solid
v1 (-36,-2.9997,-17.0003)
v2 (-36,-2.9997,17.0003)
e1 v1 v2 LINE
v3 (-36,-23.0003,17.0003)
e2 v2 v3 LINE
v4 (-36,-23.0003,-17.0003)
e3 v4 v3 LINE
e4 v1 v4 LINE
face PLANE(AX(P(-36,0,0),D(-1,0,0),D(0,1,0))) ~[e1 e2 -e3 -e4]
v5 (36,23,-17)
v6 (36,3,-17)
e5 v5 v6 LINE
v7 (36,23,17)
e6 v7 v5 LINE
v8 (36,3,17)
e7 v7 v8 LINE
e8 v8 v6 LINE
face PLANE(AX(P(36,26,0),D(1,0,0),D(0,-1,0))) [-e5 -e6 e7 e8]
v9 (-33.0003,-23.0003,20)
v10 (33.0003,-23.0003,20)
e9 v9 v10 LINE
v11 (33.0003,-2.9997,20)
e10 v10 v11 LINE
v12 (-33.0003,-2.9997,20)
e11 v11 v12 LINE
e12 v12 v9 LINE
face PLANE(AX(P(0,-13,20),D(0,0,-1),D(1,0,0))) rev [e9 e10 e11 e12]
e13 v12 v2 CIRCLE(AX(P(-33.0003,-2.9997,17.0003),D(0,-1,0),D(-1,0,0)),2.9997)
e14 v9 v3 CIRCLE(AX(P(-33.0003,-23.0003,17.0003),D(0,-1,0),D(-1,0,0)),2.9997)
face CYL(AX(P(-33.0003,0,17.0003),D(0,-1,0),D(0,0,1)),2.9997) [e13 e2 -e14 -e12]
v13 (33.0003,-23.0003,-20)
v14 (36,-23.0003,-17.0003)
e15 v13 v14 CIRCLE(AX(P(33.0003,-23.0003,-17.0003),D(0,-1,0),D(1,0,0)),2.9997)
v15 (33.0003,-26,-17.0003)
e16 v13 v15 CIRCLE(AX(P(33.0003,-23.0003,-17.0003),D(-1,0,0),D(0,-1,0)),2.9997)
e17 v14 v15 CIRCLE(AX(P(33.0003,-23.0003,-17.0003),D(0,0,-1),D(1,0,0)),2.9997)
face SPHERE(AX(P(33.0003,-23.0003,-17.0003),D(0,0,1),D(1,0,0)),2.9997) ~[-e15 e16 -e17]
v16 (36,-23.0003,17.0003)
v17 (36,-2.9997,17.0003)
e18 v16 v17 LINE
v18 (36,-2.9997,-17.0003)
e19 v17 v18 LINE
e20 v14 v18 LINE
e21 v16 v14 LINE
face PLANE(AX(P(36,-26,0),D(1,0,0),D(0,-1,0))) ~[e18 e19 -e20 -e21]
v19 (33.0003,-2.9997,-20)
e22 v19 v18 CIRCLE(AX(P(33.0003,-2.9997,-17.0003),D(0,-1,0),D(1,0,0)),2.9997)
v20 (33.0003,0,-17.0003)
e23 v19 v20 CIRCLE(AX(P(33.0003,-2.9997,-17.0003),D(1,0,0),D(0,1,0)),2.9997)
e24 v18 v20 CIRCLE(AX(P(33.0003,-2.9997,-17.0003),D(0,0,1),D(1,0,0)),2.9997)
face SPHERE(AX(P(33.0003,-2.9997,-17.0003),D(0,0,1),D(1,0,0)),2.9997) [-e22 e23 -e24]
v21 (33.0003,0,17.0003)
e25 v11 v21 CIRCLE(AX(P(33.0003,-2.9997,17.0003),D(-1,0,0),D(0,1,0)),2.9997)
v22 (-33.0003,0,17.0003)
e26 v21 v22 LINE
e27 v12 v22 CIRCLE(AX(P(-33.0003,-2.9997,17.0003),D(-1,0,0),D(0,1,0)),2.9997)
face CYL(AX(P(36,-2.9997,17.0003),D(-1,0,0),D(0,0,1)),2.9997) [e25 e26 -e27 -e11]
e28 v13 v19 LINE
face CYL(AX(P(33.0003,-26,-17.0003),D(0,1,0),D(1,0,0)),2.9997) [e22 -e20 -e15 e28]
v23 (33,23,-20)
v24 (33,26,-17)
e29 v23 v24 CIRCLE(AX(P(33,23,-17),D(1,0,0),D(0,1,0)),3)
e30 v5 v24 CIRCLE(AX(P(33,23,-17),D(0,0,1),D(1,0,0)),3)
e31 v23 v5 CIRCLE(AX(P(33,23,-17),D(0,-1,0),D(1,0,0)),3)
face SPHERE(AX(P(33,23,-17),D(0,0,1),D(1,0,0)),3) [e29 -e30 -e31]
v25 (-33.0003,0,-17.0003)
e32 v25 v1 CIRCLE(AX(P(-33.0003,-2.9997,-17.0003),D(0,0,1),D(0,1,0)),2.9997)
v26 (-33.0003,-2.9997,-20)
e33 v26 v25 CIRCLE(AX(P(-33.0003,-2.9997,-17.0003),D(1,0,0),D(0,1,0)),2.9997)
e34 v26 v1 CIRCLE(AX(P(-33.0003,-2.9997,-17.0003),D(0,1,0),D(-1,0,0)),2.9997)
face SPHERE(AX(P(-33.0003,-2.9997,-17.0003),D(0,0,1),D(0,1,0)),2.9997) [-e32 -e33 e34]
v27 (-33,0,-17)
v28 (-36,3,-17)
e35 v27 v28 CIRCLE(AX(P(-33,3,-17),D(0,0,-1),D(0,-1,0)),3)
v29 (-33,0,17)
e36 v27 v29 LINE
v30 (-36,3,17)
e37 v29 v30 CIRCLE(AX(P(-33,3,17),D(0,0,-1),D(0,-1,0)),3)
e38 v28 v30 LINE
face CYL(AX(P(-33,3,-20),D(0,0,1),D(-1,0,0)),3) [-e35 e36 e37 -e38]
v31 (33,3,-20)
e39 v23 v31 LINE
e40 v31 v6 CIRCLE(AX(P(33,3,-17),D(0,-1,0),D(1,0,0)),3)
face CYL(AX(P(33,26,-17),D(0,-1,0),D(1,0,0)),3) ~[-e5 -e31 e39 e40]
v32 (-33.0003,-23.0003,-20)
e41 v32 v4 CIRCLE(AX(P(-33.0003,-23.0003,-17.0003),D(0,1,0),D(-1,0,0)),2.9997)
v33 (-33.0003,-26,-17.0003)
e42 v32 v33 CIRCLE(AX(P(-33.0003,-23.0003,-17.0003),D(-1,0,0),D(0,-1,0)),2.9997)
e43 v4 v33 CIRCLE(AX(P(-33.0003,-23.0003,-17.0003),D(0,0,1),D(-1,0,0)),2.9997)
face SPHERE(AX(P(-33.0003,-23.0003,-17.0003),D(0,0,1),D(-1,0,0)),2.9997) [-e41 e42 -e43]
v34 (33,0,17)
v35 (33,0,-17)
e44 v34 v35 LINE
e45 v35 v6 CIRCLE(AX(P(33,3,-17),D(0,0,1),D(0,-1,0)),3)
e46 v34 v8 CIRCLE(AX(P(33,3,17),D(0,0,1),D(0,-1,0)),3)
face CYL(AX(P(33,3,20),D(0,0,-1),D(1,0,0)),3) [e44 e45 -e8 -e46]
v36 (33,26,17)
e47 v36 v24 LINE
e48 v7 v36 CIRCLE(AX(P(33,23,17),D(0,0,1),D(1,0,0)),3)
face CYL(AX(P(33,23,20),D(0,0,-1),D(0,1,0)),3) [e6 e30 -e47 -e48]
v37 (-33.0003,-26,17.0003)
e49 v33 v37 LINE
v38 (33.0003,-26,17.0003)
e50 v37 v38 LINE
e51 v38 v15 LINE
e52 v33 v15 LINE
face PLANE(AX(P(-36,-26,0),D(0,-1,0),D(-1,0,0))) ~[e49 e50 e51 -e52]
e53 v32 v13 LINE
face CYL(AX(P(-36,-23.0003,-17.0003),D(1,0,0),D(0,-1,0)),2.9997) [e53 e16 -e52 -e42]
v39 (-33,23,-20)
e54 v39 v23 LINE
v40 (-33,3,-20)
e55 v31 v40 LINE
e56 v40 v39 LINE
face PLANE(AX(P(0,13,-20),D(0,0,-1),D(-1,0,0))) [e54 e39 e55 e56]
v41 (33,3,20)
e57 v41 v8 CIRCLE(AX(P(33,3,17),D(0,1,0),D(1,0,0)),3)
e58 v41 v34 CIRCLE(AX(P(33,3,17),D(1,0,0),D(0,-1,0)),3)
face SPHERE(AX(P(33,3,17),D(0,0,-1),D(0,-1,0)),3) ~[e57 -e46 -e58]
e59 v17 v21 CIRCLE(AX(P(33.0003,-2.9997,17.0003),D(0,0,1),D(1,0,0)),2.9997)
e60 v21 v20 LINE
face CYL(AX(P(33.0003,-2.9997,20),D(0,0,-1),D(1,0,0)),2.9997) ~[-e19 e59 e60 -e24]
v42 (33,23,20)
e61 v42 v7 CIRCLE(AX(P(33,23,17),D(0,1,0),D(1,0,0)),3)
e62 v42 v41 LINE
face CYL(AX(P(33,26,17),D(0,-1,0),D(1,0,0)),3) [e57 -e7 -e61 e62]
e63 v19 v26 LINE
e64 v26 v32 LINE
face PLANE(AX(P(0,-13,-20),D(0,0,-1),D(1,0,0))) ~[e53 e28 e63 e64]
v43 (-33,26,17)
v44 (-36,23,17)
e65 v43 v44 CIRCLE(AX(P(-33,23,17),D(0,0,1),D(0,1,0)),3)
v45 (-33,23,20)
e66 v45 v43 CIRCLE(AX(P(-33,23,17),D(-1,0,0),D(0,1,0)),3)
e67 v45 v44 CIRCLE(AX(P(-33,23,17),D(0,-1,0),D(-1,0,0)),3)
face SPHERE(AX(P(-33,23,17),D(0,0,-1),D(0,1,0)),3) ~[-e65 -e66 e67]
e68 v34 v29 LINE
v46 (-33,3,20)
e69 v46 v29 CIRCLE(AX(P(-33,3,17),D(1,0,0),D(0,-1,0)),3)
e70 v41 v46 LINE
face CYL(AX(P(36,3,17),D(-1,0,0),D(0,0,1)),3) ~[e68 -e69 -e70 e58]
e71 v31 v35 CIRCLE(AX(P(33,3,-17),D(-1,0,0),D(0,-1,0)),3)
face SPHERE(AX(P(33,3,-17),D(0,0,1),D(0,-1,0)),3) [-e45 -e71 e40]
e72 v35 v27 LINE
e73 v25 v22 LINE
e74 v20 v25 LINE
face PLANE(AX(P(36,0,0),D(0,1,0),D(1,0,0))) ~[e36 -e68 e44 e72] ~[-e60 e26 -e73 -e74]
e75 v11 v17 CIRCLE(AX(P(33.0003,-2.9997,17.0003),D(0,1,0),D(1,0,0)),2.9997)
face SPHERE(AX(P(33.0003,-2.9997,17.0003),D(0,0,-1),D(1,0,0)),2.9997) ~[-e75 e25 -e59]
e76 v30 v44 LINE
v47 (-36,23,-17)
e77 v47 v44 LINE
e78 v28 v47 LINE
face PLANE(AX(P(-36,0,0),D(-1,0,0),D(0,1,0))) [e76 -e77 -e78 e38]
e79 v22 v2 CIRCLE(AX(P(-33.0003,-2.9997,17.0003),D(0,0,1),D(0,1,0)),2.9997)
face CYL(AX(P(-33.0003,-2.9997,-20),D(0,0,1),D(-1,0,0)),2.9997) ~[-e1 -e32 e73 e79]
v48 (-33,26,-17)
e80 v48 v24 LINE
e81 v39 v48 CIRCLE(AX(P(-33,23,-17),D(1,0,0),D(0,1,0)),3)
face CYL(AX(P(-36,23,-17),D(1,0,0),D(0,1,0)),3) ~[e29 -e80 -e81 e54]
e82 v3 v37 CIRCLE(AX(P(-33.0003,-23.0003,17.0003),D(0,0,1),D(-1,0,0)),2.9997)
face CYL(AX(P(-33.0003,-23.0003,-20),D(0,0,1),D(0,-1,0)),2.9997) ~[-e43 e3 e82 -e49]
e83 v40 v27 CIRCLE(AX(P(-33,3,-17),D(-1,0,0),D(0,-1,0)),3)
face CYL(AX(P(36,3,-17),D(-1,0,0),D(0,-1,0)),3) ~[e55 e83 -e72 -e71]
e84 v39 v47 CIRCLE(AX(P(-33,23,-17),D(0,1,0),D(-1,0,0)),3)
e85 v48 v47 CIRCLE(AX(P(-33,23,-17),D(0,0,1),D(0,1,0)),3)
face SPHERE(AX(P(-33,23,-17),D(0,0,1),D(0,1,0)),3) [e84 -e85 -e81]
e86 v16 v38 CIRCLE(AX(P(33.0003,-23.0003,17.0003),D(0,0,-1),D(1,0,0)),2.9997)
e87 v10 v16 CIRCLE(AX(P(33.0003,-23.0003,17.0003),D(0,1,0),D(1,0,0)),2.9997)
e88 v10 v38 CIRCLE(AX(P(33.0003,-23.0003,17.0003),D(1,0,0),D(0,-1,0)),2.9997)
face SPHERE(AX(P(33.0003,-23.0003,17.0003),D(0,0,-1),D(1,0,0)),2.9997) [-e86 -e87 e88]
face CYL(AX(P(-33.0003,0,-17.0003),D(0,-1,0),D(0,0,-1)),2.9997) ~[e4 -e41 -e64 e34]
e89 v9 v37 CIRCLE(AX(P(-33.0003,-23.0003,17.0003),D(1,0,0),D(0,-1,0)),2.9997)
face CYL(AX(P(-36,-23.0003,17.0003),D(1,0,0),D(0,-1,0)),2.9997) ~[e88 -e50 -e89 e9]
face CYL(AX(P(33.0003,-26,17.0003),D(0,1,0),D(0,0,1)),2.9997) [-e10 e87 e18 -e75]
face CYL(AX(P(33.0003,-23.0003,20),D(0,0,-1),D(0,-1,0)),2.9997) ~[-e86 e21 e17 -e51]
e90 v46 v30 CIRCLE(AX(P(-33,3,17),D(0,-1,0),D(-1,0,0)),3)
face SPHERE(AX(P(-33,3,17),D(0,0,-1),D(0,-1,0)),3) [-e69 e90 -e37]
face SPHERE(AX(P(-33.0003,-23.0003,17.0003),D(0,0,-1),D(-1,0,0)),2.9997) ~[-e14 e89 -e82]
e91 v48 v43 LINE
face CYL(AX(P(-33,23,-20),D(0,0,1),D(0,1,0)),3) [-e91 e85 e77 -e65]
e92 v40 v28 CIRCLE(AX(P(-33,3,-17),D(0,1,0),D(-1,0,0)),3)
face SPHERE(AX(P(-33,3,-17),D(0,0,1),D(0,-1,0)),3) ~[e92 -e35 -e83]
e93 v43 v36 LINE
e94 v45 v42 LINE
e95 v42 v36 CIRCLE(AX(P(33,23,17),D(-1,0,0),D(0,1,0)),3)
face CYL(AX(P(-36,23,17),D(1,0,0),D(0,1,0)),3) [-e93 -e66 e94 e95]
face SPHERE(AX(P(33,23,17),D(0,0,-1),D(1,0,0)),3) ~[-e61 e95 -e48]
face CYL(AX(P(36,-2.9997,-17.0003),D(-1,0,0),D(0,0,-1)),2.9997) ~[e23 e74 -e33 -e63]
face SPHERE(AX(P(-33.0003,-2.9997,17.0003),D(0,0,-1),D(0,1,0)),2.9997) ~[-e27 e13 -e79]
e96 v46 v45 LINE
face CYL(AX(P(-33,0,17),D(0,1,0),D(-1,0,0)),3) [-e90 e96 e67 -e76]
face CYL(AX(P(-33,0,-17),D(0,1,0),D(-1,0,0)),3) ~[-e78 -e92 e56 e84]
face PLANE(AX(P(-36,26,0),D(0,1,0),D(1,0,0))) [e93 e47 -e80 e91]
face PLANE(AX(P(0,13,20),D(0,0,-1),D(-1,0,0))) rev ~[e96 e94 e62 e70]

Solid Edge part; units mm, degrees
sketch "Sketch1" plane through (0, 0, 0) normal (0, 0, 1) x (1, 0, 0)
  line L0 (-36, 26) -> (36, 26)
  line L1 (36, 26) -> (36, 0)
  line L2 (36, 0) -> (-36, 0)
  line L3 (-36, 0) -> (-36, 26)
  dimension "D1" = 26
  dimension "D2" = 72
extrude "Protrusion1" add sketch "Sketch1" along normal mid plane 40
fillet "cell_rounds" radius 3 12 edges at (-36, 26, 0) (36, 26, 0) (36, 0, 0) (-36, 0, 0) (0, 0, 20) (36, 13, 20) (0, 26, 20) (-36, 13, 20) (0, 0, -20) (36, 13, -20) (0, 26, -20) (-36, 13, -20)
mirror "Mirror1" about plane through (0, 0, 0) normal (0, -1, 0) of "Protrusion1"
fillet "Round1" radius 3 12 edges at (-36, -26, 0) (-36, 0, 0) (36, 0, 0) (36, -26, 0) (36, -13, 20) (0, 0, 20) (-36, -13, 20) (0, -26, 20) (36, -13, -20) (0, 0, -20) (-36, -13, -20) (0, -26, -20)
properties material "ABS Plastic, medium impact"
